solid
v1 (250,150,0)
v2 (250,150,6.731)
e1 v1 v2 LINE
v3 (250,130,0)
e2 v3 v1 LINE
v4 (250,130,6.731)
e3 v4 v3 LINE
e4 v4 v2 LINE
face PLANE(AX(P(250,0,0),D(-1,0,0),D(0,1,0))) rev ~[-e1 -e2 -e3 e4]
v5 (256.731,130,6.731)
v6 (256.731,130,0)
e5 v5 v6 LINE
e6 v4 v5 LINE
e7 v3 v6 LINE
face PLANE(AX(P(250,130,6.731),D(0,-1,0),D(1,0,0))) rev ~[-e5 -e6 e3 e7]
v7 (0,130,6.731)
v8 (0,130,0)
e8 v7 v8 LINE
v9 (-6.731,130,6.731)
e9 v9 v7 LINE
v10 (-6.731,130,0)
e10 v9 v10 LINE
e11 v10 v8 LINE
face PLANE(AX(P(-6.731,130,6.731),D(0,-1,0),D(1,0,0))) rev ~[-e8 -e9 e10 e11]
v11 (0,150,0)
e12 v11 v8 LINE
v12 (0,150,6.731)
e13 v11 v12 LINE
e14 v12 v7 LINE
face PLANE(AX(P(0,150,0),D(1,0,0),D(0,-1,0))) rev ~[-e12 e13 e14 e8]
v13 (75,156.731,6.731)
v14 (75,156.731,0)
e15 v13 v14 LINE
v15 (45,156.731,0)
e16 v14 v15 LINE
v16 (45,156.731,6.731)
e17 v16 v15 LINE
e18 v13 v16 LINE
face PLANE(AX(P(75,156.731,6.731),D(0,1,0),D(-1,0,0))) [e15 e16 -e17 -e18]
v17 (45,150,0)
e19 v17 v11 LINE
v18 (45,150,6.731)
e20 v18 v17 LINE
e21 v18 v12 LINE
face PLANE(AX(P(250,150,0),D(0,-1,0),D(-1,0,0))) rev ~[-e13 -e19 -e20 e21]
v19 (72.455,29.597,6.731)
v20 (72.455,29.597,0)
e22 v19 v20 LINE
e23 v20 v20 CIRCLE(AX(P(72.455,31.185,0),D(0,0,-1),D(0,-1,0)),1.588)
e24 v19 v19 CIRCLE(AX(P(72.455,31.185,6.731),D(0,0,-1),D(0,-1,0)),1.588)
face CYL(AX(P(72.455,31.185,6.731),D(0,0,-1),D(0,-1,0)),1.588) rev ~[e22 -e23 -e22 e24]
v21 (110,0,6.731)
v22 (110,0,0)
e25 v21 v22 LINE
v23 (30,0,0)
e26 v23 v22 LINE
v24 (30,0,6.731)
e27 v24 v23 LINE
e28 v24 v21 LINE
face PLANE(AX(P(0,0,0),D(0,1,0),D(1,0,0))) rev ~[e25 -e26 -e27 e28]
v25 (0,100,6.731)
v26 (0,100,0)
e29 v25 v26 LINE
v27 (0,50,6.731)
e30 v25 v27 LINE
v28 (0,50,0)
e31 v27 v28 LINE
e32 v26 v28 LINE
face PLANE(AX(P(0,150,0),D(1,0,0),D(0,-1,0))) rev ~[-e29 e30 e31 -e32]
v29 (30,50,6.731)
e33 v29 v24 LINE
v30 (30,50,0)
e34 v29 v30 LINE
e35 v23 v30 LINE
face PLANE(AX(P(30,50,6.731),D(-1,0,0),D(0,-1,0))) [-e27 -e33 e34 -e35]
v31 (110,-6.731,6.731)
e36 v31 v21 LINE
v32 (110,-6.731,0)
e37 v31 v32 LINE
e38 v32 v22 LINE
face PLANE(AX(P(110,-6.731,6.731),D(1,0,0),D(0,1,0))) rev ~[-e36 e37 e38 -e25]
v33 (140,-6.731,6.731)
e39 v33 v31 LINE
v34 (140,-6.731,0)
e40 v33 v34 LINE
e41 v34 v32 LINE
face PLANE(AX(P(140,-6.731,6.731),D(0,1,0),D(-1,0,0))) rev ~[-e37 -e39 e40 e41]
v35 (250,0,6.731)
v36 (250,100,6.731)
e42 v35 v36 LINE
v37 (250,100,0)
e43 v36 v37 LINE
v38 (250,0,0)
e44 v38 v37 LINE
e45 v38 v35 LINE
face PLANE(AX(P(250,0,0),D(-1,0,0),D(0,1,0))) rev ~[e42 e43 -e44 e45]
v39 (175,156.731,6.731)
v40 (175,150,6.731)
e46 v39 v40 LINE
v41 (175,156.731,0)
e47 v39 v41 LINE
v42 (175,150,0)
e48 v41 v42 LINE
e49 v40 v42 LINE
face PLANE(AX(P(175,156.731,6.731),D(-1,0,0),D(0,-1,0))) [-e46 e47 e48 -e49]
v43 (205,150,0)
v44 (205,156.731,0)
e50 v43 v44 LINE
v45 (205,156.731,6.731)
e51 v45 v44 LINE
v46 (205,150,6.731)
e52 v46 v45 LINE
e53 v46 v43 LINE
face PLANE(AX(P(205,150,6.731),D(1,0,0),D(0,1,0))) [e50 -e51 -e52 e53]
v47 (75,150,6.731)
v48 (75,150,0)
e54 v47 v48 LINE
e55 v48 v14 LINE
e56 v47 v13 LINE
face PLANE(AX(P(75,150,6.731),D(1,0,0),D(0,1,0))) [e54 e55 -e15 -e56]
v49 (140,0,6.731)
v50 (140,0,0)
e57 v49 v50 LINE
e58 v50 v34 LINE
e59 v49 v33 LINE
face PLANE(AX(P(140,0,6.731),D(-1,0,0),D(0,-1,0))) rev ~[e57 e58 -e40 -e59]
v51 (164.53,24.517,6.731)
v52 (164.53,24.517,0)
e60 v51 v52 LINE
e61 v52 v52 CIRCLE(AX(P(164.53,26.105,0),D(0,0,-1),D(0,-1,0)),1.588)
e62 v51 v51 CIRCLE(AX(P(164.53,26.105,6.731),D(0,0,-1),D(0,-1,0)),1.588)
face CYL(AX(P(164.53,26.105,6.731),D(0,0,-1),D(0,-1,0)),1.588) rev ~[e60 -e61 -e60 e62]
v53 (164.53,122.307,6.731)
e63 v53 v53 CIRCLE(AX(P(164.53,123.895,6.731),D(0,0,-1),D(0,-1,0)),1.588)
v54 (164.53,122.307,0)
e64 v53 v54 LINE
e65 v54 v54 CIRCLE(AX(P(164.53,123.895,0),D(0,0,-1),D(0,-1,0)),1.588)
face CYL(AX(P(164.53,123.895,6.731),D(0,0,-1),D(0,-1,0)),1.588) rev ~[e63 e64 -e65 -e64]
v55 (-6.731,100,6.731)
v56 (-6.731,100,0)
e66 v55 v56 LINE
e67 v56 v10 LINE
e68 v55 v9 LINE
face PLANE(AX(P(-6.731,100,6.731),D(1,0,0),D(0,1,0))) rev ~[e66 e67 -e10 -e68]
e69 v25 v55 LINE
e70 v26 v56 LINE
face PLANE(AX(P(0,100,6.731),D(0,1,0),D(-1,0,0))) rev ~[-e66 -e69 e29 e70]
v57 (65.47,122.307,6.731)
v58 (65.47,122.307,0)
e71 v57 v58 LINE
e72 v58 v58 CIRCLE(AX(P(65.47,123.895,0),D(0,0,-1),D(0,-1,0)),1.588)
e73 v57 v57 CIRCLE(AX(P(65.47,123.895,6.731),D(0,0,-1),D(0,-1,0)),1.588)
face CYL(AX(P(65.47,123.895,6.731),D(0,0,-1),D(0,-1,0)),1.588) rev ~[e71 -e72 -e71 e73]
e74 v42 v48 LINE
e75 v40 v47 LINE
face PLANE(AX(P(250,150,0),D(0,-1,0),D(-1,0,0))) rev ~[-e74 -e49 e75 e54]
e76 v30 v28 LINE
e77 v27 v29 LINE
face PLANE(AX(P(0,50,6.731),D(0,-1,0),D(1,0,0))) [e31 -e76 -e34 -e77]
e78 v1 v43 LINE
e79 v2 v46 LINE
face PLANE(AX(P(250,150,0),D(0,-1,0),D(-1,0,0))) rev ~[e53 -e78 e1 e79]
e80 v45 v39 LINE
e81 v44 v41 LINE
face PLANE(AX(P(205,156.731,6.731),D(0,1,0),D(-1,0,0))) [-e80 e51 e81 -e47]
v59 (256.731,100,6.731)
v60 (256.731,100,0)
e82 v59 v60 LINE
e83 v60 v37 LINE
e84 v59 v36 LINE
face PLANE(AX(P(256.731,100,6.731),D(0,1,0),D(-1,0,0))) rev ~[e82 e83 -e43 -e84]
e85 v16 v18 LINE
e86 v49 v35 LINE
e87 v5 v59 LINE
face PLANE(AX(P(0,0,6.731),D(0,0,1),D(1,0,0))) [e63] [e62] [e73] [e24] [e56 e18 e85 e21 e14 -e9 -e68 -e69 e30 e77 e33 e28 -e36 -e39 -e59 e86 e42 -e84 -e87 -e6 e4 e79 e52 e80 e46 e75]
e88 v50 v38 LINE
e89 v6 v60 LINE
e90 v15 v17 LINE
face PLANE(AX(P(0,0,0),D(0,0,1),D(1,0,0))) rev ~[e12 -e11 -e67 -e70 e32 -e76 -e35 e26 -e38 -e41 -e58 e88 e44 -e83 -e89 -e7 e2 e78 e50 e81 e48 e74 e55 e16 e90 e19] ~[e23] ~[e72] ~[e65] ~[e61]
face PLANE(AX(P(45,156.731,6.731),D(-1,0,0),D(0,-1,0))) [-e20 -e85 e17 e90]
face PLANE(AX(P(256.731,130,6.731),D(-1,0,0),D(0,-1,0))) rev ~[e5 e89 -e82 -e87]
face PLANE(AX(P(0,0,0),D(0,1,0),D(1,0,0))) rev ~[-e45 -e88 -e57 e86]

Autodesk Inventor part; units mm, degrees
ref_plane "YZ Plane" through (0, 0, 0) normal (1, 0, 0) x (0, 1, 0)
ref_plane "XZ Plane" through (0, 0, 0) normal (0, 1, 0) x (-1, 0, 0)
ref_plane "XY Plane" through (0, 0, 0) normal (0, 0, 1) x (1, 0, 0)
sketch "Sketch1" plane through (0, 0, 0) normal (0, 0, 1) x (1, 0, 0)
  line L0 (0, 0) -> (250, 0)
  line L1 (250, 0) -> (250, 150)
  line L2 (250, 150) -> (0, 150)
  line L3 (0, 150) -> (0, 0)
  dimension "d0" = 150
  dimension "d1" = 250
extrude "Extrusion1" add sketch "Sketch1" along normal blind 6.731
sketch "Sketch2" plane through (0, 0, 6.731) normal (0, 0, 1) x (1, 0, 0)
  line L0 (0, 0) -> (250, 0) projected
  line L1 (250, 0) -> (250, 150) projected
  line L2 (250, 150) -> (0, 150) projected
  line L3 (0, 150) -> (0, 0) projected
  point P0 (72.455, 31.185)
  point P1 (65.47, 123.895)
  point P2 (164.53, 123.895)
  point P3 (164.53, 26.105)
  dimension "d4" = 92.075
  dimension "d5" = 5.08
  dimension "d6" = 92.71
  dimension "d7" = 6.985
  dimension "d8" = 26.105
  dimension "d9" = 26.105
  dimension "d10" = 65.47
  dimension "d11" = 85.47
hole "Hole1" at (72.455, 31.185, 6.731) at (65.47, 123.895, 6.731) at (164.53, 123.895, 6.731) at (164.53, 26.105, 6.731) direction (0, 0, -1) diameter 3.176 end through all
sketch "Sketch3" plane through (0, 0, 6.731) normal (0, 0, 1) x (1, 0, 0)
  line L0 (0, 0) -> (250, 0) projected
  line L1 (250, 0) -> (250, 150) projected
  line L2 (0, 150) -> (0, 0) projected
  line L3 (0, 100) -> (-6.731, 100)
  line L4 (-6.731, 100) -> (-6.731, 130)
  line L5 (-6.731, 130) -> (0, 130)
  line L6 (0, 130) -> (0, 100)
  line L7 (250, 130) -> (256.731, 130)
  line L8 (256.731, 130) -> (256.731, 100)
  line L9 (256.731, 100) -> (250, 100)
  line L10 (250, 100) -> (250, 130)
  line L11 (110, 0) -> (140, 0)
  line L12 (140, 0) -> (140, -6.731)
  line L13 (140, -6.731) -> (110, -6.731)
  line L14 (110, -6.731) -> (110, 0)
  line L15 (250, 150) -> (0, 150) projected
  line L16 (45, 150) -> (75, 150)
  line L17 (75, 150) -> (75, 156.731)
  line L18 (75, 156.731) -> (45, 156.731)
  line L19 (45, 156.731) -> (45, 150)
  line L20 (175, 150) -> (205, 150)
  line L21 (205, 150) -> (205, 156.731)
  line L22 (205, 156.731) -> (175, 156.731)
  line L23 (175, 156.731) -> (175, 150)
  line L24 (75, 156.731) -> (175, 156.731) construction
  point P0 (125, 0)
  point P1 (125, 0)
  point P2 (125, 156.731)
  point P3 (125, 150)
  dimension "d19" = 6.731
  dimension "d20" = 30
  dimension "d21" = 100
  dimension "d24" = 100
extrude "Extrusion2" add sketch "Sketch3" against normal up to surface (6.731 mm away) contours L0 L12 L13 L14 | L3 L4 L5 L2 | L1 L7 L8 L9 | L19 L18 L17 L15 | L23 L22 L21 L15
sketch "Sketch4" plane through (0, 0, 6.731) normal (0, 0, 1) x (1, 0, 0)
  line L0 (0, 0) -> (110, 0) projected
  line L1 (0, 100) -> (0, 0) projected
  line L2 (0, 50) -> (30, 50)
  line L3 (30, 50) -> (30, 0)
  dimension "d25" = 50
  dimension "d26" = 30
extrude "Extrusion3" cut sketch "Sketch4" against normal up to next
equation "\"d2\" = THICKB"
equation "\"d8\" = d9"
equation "\"d19\" = THICKB"
equation "\"THICKA\" = 3.175"
equation "\"THICKB\" = 6.731"
equation "\"THICKC\" = 12.7"
equation "\"THICKPLY\" = 5"
equation "\"MAGDIA\" = 9.5"
equation "\"BALLDIA\" = 12"
properties part number "Center_Mount"
